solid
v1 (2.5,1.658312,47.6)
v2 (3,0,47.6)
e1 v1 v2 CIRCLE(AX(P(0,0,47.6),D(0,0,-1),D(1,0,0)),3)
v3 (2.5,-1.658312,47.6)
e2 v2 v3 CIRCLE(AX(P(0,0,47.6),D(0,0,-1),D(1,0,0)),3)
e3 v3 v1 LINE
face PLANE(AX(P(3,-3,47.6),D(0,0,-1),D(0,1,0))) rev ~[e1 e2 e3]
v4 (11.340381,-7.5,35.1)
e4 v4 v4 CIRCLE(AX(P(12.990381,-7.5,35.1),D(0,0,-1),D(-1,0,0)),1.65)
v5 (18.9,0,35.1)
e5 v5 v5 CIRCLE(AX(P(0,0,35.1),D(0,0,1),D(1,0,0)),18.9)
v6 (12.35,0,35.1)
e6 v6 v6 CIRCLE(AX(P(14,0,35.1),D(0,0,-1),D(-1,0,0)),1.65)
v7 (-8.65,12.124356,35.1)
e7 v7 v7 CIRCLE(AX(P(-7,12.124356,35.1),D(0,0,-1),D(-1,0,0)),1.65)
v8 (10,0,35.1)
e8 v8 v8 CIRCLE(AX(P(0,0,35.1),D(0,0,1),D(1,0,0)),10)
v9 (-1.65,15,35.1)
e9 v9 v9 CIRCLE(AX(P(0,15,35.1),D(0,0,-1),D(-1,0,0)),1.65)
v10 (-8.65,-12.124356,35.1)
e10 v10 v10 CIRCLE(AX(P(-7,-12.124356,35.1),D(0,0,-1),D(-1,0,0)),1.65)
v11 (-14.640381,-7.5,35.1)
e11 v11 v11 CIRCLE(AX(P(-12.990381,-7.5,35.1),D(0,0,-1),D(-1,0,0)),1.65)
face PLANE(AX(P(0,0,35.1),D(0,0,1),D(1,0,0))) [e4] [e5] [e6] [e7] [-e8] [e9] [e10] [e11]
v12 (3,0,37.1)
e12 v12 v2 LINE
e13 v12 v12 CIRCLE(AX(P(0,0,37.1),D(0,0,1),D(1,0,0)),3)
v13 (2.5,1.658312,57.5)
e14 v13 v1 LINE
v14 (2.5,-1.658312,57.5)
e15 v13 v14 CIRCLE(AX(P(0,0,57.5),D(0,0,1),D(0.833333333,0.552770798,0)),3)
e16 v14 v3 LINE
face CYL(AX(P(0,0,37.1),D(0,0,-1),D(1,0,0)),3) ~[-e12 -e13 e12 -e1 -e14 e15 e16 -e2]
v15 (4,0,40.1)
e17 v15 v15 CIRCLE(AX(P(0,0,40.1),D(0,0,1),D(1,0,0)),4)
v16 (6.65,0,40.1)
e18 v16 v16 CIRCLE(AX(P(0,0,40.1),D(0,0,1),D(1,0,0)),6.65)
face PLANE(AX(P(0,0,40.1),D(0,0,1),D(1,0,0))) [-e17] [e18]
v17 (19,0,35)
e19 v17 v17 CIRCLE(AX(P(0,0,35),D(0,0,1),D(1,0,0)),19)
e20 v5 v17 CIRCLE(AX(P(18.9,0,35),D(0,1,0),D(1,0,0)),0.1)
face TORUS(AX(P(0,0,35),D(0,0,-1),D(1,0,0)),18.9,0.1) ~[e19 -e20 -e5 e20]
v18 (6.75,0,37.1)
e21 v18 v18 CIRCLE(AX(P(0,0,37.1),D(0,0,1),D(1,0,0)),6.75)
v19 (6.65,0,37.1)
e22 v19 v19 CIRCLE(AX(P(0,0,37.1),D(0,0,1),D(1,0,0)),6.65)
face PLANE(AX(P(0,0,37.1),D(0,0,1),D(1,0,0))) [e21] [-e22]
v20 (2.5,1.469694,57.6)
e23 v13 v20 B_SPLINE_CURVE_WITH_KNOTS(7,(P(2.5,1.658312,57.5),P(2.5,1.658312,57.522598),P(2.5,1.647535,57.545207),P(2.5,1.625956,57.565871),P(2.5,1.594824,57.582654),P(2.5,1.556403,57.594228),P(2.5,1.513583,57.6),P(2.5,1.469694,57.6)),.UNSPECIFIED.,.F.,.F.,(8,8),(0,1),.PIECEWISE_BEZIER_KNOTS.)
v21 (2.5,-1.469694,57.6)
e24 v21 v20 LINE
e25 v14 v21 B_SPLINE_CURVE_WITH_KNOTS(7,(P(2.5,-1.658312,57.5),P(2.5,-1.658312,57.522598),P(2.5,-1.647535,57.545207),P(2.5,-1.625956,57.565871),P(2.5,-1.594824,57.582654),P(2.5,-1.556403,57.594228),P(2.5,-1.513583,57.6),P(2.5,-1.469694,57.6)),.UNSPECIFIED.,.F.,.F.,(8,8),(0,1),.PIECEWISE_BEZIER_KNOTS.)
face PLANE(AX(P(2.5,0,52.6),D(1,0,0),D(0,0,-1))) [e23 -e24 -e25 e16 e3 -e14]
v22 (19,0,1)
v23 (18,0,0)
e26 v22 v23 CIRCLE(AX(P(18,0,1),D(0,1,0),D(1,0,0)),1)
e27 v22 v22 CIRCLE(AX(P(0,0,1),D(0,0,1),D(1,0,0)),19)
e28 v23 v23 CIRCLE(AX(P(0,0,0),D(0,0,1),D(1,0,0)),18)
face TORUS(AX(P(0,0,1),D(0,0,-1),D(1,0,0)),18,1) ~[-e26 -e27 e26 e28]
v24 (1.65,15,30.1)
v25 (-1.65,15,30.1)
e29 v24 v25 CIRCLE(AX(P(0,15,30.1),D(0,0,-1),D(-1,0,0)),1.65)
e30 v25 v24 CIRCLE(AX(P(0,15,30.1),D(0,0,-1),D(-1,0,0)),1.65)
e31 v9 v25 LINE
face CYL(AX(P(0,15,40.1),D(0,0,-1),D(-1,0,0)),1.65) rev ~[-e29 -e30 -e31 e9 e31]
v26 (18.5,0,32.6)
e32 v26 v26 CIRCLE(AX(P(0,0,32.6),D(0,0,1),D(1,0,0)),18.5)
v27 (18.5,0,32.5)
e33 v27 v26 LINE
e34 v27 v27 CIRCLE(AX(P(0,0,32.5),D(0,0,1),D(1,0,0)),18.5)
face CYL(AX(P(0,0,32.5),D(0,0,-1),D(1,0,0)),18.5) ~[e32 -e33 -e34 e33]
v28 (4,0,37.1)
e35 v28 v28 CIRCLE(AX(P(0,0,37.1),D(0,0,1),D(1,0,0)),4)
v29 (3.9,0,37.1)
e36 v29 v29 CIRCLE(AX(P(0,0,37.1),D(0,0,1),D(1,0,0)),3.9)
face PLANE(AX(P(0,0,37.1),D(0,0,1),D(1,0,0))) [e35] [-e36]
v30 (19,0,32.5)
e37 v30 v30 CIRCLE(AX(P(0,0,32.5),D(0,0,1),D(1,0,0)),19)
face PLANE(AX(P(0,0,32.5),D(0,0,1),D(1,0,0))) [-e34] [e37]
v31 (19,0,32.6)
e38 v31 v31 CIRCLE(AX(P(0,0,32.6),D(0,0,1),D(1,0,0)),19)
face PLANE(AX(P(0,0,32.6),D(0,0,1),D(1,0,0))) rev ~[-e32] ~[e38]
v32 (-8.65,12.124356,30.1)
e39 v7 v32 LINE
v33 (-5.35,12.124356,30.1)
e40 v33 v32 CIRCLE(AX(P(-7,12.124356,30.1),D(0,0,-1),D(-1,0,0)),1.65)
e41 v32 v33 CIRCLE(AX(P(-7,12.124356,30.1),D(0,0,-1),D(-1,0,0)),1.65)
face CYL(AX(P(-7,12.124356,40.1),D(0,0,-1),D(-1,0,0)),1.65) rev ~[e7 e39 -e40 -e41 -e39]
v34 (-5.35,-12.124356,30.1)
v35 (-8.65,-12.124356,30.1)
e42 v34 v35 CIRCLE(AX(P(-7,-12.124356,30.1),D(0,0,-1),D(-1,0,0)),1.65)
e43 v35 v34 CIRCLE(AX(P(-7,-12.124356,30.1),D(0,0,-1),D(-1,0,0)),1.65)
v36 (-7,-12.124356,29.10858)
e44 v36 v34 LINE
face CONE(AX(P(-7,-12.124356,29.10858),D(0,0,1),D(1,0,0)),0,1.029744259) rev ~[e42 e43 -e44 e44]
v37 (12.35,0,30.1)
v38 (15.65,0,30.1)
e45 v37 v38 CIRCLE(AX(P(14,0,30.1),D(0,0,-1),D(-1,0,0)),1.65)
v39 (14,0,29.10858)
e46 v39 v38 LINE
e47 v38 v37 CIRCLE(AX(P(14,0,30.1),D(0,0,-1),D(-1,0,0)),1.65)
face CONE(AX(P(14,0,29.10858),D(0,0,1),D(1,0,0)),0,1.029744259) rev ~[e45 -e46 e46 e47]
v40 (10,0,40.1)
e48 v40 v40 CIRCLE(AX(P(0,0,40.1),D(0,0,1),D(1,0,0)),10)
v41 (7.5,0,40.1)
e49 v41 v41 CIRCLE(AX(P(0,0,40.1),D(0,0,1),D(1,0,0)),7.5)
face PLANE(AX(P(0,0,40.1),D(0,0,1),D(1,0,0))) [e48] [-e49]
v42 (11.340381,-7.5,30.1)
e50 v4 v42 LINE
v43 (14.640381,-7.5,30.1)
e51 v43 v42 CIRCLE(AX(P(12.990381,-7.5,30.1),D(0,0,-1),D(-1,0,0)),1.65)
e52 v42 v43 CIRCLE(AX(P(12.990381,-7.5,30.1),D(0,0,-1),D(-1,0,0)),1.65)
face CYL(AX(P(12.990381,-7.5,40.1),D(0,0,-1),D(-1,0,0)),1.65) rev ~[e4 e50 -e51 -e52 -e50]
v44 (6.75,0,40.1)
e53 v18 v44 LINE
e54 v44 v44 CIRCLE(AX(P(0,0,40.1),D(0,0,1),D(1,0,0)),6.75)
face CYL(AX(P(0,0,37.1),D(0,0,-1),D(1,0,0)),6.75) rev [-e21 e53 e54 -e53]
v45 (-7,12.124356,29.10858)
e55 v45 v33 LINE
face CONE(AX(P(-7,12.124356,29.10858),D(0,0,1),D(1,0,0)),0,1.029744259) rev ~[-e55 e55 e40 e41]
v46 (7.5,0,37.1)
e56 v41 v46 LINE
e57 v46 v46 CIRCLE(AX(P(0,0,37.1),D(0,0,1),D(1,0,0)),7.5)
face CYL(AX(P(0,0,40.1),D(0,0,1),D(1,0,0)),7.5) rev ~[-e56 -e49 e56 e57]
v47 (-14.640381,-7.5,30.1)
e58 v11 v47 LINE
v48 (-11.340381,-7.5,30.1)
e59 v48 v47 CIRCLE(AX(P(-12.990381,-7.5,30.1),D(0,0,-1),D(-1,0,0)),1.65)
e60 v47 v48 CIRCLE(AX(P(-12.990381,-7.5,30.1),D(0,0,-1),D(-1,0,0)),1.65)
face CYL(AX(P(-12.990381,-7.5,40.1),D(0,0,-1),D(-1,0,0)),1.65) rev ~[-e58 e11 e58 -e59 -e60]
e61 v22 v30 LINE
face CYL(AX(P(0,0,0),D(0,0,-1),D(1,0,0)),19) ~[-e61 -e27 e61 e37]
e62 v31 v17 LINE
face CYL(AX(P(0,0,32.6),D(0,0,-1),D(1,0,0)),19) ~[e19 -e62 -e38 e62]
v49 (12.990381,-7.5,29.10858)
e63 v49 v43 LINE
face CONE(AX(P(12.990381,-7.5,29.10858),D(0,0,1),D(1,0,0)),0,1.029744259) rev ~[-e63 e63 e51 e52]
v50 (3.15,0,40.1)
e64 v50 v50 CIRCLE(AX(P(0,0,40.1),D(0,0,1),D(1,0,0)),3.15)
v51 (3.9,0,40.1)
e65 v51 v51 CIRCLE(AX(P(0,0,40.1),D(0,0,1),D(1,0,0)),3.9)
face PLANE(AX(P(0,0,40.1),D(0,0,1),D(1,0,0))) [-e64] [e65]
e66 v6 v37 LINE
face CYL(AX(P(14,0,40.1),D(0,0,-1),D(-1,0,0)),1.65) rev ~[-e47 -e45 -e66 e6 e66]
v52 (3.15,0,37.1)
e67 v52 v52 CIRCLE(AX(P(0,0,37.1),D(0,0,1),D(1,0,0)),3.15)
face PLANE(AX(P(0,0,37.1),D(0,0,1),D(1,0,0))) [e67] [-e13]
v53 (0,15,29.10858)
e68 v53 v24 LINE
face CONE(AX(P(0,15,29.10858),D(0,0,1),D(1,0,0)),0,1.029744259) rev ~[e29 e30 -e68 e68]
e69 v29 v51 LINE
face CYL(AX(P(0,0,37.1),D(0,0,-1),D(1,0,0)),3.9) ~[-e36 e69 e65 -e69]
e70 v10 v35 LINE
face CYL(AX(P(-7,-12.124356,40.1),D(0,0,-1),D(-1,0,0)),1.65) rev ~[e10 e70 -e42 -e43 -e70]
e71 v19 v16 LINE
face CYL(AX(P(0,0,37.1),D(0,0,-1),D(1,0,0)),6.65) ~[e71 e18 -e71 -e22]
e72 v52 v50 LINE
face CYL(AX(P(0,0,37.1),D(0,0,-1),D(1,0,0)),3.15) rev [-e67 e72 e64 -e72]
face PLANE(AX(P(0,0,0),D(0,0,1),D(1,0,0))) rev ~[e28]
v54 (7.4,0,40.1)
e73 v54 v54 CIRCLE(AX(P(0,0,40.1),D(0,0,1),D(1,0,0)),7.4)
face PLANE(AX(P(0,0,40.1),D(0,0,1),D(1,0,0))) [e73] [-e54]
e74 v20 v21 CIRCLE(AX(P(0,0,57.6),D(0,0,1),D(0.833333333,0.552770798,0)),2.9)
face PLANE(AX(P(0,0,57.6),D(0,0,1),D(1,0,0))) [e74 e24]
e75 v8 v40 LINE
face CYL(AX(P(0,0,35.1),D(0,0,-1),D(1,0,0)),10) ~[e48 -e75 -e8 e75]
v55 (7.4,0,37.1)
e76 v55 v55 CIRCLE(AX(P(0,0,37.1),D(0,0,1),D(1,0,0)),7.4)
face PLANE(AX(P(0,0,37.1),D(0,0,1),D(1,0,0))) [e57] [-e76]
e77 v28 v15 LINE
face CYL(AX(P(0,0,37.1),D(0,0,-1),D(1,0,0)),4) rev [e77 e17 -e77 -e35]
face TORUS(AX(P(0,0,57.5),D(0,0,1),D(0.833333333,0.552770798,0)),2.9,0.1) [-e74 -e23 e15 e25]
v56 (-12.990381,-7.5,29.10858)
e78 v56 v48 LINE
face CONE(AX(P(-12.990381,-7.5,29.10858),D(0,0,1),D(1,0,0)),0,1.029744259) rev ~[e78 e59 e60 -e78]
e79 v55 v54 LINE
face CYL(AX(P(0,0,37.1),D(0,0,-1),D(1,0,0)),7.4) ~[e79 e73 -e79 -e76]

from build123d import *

# Parameters (mm, degrees)
SKETCH1_R             = 19
BOSS_EXTRUDE1_DEPTH   = 32.5
SKETCH2_R             = 18.5
BOSS_EXTRUDE2_DEPTH   = 0.1
SKETCH3_R             = 19
BOSS_EXTRUDE3_DEPTH   = 2.5
SKETCH4_R             = 10
BOSS_EXTRUDE4_DEPTH   = 5
SKETCH5_R             = 7.5
CUT_EXTRUDE1_DEPTH    = 3
SKETCH6_R             = 7.4
SKETCH6_R_2           = 6.75
BOSS_EXTRUDE6_DEPTH   = 3
SKETCH7_R             = 6.65
SKETCH7_R_2           = 4
BOSS_EXTRUDE7_DEPTH   = 3
SKETCH8_R             = 3.9
SKETCH8_R_2           = 3.15
BOSS_EXTRUDE8_DEPTH   = 3
SKETCH9_R             = 3
BOSS_EXTRUDE9_DEPTH   = 20.5
SKETCH11_W            = 10
SKETCH11_H            = 6
CUT_EXTRUDE2_DEPTH    = 0.5
FILLET1_R             = 0.1
FILLET2_R             = 0.1
FILLET3_R             = 1
M4_TAPPED_HOLE1_D     = 3.3
M4_TAPPED_HOLE1_DEPTH = 5
M4_TAPPED_HOLE1_TIP   = 0.991420021


with BuildPart() as part:
    # Sketch1 → Boss-Extrude1 (new body)
    with BuildSketch(Plane.XY):
        Circle(SKETCH1_R)
    extrude(amount=BOSS_EXTRUDE1_DEPTH)

    # Sketch2 → Boss-Extrude2 (add)
    with BuildSketch(Plane.XY.offset(32.5)):
        Circle(SKETCH2_R)
    extrude(amount=BOSS_EXTRUDE2_DEPTH)

    # Sketch3 → Boss-Extrude3 (add)
    with BuildSketch(Plane.XY.offset(32.6)):
        Circle(SKETCH3_R)
    extrude(amount=BOSS_EXTRUDE3_DEPTH)

    # Sketch4 → Boss-Extrude4 (add)
    with BuildSketch(Plane.XY.offset(35.1)):
        Circle(SKETCH4_R)
    extrude(amount=BOSS_EXTRUDE4_DEPTH)

    # Sketch5 → Cut-Extrude1 (cut)
    with BuildSketch(Plane.XY.offset(40.1)):
        Circle(SKETCH5_R)
    extrude(amount=-CUT_EXTRUDE1_DEPTH, mode=Mode.SUBTRACT)

    # Sketch6 → Boss-Extrude6 (add)
    with BuildSketch(Plane.XY.offset(37.1)):
        Circle(SKETCH6_R)
        Circle(SKETCH6_R_2, mode=Mode.SUBTRACT)
    extrude(amount=BOSS_EXTRUDE6_DEPTH)

    # Sketch7 → Boss-Extrude7 (add)
    with BuildSketch(Plane.XY.offset(37.1)):
        Circle(SKETCH7_R)
        Circle(SKETCH7_R_2, mode=Mode.SUBTRACT)
    extrude(amount=BOSS_EXTRUDE7_DEPTH)

    # Sketch8 → Boss-Extrude8 (add)
    with BuildSketch(Plane.XY.offset(37.1)):
        Circle(SKETCH8_R)
        Circle(SKETCH8_R_2, mode=Mode.SUBTRACT)
    extrude(amount=BOSS_EXTRUDE8_DEPTH)

    # Sketch9 → Boss-Extrude9 (add)
    with BuildSketch(Plane.XY.offset(37.1)):
        Circle(SKETCH9_R)
    extrude(amount=BOSS_EXTRUDE9_DEPTH)

    # Sketch11 → Cut-Extrude2 (cut)
    with BuildSketch(Plane(origin=(3, 0, 0), x_dir=(0, 0, -1), z_dir=(1, 0, 0))):
        with Locations((-52.6, 0)):
            Rectangle(SKETCH11_W, SKETCH11_H)
    extrude(amount=-CUT_EXTRUDE2_DEPTH, mode=Mode.SUBTRACT)

    # Fillet1
    fillet1_edges = [part.edges().sort_by_distance(p)[0] for p in [
        (-3, 0, 57.6),
    ]]
    fillet(fillet1_edges, radius=FILLET1_R)

    # Fillet2
    fillet2_edges = [part.edges().sort_by_distance(p)[0] for p in [
        (-19, 0, 35.1),
    ]]
    fillet(fillet2_edges, radius=FILLET2_R)

    # Fillet3
    fillet3_edges = [part.edges().sort_by_distance(p)[0] for p in [
        (-19, 0, 0),
    ]]
    fillet(fillet3_edges, radius=FILLET3_R)

    # M4 Tapped Hole1
    with Locations(Plane(origin=(-7, 12.124355653, 35.1), x_dir=(1, 0, 0), z_dir=(0, 0, 1))):
        with Locations((0, 0), (7, 2.875644347), (21, -12.124355653), (19.990381057, -19.624355653), (0, -24.248711306), (-5.990381057, -19.624355653)):
            Hole(M4_TAPPED_HOLE1_D / 2, depth=M4_TAPPED_HOLE1_DEPTH)
            with Locations((0, 0, -(M4_TAPPED_HOLE1_DEPTH + M4_TAPPED_HOLE1_TIP / 2))):  # 118° drill point
                Cone(0, M4_TAPPED_HOLE1_D / 2, M4_TAPPED_HOLE1_TIP, mode=Mode.SUBTRACT)


solid = part.part
